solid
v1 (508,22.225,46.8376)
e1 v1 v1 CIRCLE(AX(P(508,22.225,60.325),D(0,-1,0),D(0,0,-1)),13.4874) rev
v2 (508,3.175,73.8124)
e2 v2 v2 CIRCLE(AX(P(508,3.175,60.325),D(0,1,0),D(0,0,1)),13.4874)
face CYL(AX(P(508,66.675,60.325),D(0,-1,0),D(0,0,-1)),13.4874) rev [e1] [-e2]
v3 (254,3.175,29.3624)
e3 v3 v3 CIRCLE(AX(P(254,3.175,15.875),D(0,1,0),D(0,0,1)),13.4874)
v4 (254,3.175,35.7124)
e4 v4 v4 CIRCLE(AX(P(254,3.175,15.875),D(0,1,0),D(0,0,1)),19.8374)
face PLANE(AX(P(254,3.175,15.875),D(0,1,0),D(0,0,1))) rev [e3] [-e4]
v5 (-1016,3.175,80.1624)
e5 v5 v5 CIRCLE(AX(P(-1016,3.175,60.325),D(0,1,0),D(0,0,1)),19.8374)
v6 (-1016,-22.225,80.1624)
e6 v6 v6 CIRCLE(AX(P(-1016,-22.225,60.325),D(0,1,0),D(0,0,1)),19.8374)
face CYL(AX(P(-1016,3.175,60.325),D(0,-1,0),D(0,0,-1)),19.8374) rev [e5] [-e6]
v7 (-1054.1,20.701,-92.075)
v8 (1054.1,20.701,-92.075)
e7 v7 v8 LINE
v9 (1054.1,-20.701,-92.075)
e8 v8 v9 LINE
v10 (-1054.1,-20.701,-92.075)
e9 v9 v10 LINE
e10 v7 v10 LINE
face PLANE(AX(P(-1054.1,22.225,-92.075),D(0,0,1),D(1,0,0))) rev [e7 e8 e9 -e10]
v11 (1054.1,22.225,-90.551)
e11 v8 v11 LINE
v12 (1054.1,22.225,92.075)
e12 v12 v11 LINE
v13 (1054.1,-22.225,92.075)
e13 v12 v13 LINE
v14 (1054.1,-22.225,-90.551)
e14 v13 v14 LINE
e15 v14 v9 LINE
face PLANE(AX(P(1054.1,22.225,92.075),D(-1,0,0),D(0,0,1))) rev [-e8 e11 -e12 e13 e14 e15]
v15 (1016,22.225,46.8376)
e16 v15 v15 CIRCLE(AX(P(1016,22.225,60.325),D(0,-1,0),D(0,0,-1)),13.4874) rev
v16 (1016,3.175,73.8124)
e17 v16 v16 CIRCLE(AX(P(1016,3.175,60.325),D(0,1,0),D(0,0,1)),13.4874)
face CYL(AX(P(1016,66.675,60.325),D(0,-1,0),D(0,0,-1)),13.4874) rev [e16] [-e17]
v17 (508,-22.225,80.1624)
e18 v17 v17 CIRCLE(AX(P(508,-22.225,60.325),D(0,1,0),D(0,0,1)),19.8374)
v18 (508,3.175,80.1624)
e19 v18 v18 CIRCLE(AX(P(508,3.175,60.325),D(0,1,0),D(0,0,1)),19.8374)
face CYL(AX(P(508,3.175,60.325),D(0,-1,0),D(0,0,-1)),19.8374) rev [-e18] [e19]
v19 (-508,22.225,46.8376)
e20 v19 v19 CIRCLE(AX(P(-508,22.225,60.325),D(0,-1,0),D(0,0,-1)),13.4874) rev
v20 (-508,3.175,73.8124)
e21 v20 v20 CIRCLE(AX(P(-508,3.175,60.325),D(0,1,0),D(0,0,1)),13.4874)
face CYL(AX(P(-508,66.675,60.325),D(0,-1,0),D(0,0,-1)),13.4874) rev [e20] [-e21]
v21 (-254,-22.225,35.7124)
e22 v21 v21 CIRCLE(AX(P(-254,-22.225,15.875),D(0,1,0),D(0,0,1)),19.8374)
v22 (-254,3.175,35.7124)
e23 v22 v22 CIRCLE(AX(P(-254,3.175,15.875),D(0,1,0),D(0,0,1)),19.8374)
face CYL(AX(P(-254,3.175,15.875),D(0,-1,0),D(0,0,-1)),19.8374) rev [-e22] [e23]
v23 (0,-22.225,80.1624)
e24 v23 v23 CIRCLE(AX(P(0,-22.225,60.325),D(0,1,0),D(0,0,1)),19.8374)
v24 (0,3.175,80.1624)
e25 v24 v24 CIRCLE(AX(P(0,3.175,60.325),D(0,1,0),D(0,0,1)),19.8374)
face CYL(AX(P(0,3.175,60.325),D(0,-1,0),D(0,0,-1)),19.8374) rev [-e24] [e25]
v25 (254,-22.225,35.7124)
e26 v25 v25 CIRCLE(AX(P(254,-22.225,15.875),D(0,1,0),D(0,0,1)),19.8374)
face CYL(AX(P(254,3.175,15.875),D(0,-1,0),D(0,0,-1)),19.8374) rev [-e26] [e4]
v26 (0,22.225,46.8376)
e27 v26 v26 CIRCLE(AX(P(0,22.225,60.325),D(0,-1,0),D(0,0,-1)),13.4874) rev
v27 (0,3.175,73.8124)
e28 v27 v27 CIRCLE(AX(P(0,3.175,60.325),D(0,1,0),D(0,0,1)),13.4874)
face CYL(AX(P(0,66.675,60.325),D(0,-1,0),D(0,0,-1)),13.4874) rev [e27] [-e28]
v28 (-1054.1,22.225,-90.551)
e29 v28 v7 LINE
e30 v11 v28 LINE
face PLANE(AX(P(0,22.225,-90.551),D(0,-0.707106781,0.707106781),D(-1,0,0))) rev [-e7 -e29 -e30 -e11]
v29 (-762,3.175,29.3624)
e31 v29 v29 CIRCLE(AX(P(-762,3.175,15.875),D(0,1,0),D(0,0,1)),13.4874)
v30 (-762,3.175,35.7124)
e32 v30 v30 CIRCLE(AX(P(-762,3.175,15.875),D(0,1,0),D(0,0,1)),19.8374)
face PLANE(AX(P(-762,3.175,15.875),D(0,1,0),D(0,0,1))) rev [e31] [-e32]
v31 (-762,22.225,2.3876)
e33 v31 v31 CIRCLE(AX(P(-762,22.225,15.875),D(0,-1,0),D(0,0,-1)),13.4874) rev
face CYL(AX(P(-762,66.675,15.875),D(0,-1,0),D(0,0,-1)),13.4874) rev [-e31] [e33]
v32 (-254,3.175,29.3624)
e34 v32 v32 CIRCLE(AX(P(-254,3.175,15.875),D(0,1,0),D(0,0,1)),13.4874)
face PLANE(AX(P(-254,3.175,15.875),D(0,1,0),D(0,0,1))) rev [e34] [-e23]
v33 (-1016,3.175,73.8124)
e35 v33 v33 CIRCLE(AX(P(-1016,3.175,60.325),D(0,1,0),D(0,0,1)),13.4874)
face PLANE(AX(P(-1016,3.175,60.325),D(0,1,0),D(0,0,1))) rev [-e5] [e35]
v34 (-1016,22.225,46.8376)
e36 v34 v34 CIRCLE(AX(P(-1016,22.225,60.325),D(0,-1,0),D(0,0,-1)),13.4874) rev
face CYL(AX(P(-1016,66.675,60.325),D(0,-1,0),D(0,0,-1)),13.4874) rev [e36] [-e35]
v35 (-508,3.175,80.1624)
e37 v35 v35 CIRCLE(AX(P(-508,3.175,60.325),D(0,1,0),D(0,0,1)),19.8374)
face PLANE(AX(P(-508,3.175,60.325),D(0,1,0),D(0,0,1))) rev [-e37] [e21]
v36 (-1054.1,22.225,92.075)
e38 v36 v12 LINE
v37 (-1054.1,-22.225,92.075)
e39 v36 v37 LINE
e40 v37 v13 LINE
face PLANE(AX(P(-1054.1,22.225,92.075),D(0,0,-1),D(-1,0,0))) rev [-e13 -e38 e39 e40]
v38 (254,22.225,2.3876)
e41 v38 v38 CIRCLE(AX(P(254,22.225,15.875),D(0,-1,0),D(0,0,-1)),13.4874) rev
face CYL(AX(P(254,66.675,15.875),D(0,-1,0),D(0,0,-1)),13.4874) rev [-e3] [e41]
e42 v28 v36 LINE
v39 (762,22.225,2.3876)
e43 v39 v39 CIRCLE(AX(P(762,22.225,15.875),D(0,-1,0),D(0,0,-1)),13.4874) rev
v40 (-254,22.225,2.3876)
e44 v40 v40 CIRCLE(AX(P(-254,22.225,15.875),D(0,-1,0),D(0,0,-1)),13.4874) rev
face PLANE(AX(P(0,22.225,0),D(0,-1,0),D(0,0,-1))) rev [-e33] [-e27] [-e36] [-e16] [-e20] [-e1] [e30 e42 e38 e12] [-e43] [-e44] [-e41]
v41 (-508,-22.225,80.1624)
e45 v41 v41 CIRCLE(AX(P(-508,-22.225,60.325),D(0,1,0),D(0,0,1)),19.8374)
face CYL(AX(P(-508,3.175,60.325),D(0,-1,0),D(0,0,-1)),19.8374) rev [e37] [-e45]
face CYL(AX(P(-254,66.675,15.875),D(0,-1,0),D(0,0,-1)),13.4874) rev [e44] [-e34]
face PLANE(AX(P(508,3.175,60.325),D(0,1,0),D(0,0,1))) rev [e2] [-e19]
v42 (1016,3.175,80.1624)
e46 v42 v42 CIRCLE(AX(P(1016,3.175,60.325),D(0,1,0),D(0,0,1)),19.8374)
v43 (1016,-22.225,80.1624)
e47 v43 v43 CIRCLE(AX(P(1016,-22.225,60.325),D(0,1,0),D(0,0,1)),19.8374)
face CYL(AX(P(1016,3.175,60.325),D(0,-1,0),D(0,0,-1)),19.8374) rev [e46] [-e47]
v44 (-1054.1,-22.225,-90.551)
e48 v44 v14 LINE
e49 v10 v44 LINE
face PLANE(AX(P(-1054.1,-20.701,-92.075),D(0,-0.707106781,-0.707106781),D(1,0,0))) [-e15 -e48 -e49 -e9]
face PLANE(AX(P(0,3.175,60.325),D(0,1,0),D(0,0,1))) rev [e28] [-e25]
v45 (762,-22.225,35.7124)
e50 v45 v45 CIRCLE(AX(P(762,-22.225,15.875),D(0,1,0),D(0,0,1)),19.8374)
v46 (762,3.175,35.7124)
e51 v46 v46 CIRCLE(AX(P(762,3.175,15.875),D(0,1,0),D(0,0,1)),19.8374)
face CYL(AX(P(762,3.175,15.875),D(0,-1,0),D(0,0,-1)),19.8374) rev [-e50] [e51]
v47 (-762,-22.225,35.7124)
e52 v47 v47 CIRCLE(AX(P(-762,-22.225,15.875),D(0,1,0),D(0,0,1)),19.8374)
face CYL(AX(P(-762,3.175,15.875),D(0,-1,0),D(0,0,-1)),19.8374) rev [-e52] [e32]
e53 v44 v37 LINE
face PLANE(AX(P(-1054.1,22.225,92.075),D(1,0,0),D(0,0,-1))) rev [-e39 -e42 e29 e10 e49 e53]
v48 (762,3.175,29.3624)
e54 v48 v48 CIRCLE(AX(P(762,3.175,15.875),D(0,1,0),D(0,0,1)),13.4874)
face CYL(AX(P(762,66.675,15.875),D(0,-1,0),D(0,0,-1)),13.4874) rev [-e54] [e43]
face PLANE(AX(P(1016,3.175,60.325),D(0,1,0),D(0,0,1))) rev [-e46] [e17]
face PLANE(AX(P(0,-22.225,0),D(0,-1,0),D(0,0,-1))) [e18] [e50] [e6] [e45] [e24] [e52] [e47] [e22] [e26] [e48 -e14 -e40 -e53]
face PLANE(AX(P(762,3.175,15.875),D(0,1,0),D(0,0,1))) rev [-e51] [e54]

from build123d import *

# Parameters (mm, degrees)
SKETCH1_W           = 2108.2
SKETCH1_H           = 184.15
BOSS_EXTRUDE1_DEPTH = 22.225
CUT_EXTRUDE2_START  = -22.225
SKETCH2_R           = 13.4874
CUT_EXTRUDE2_DEPTH  = 88.9
CUT_EXTRUDE4_START  = -22.225
SKETCH3_R           = 19.8374
CUT_EXTRUDE4_DEPTH  = 25.4
CUT_EXTRUDE6_START  = -22.225
SKETCH4_R           = 13.4874
CUT_EXTRUDE6_DEPTH  = 88.9
CUT_EXTRUDE8_START  = -22.225
SKETCH5_R           = 19.8374
CUT_EXTRUDE8_DEPTH  = 25.4
CHAMFER1_SIZE       = 1.524


with BuildPart() as part:
    # Sketch1 → Boss-Extrude1 (new, symmetric)
    with BuildSketch(Plane(origin=(0, 0, 0), x_dir=(1, 0, 0), z_dir=(0, 1, 0))):
        Rectangle(SKETCH1_W, SKETCH1_H)
    extrude(amount=BOSS_EXTRUDE1_DEPTH, both=True)

    # Sketch2 → Cut-Extrude2 (cut)
    with BuildSketch(Plane(origin=(0, 0, 0), x_dir=(1, 0, 0), z_dir=(0, 1, 0)).offset(CUT_EXTRUDE2_START)):
        with Locations(Location((-1016, -60.325, 0), (0, 0, 90))):
            Circle(SKETCH2_R)
        with Locations(Location((-508, -60.325, 0), (0, 0, 90))):
            Circle(SKETCH2_R)
        with Locations(Location((0, -60.325, 0), (0, 0, 90))):
            Circle(SKETCH2_R)
        with Locations(Location((508, -60.325, 0), (0, 0, 90))):
            Circle(SKETCH2_R)
        with Locations(Location((1016, -60.325, 0), (0, 0, 90))):
            Circle(SKETCH2_R)
    extrude(amount=CUT_EXTRUDE2_DEPTH, mode=Mode.SUBTRACT)

    # Sketch3 → Cut-Extrude4 (cut)
    with BuildSketch(Plane(origin=(0, 0, 0), x_dir=(1, 0, 0), z_dir=(0, 1, 0)).offset(CUT_EXTRUDE4_START)):
        with Locations(Location((-1016, -60.325, 0), (0, 0, 270))):
            Circle(SKETCH3_R)
        with Locations(Location((-508, -60.325, 0), (0, 0, 270))):
            Circle(SKETCH3_R)
        with Locations(Location((0, -60.325, 0), (0, 0, 270))):
            Circle(SKETCH3_R)
        with Locations(Location((508, -60.325, 0), (0, 0, 270))):
            Circle(SKETCH3_R)
        with Locations(Location((1016, -60.325, 0), (0, 0, 270))):
            Circle(SKETCH3_R)
    extrude(amount=CUT_EXTRUDE4_DEPTH, mode=Mode.SUBTRACT)

    # Sketch4 → Cut-Extrude6 (cut)
    with BuildSketch(Plane(origin=(0, 0, 0), x_dir=(1, 0, 0), z_dir=(0, 1, 0)).offset(CUT_EXTRUDE6_START)):
        with Locations(Location((-762, -15.875, 0), (0, 0, 90))):
            Circle(SKETCH4_R)
        with Locations(Location((-254, -15.875, 0), (0, 0, 90))):
            Circle(SKETCH4_R)
        with Locations(Location((254, -15.875, 0), (0, 0, 90))):
            Circle(SKETCH4_R)
        with Locations(Location((762, -15.875, 0), (0, 0, 90))):
            Circle(SKETCH4_R)
    extrude(amount=CUT_EXTRUDE6_DEPTH, mode=Mode.SUBTRACT)

    # Sketch5 → Cut-Extrude8 (cut)
    with BuildSketch(Plane(origin=(0, 0, 0), x_dir=(1, 0, 0), z_dir=(0, 1, 0)).offset(CUT_EXTRUDE8_START)):
        with Locations(Location((-762, -15.875, 0), (0, 0, 270))):
            Circle(SKETCH5_R)
        with Locations(Location((-254, -15.875, 0), (0, 0, 270))):
            Circle(SKETCH5_R)
        with Locations(Location((254, -15.875, 0), (0, 0, 270))):
            Circle(SKETCH5_R)
        with Locations(Location((762, -15.875, 0), (0, 0, 270))):
            Circle(SKETCH5_R)
    extrude(amount=CUT_EXTRUDE8_DEPTH, mode=Mode.SUBTRACT)

    # Chamfer1
    chamfer1_edges = [part.edges().sort_by_distance(p)[0] for p in [
        (0, -22.225, -92.075),
        (0, 22.225, -92.075),
    ]]
    chamfer(chamfer1_edges, length=CHAMFER1_SIZE)


solid = part.part
